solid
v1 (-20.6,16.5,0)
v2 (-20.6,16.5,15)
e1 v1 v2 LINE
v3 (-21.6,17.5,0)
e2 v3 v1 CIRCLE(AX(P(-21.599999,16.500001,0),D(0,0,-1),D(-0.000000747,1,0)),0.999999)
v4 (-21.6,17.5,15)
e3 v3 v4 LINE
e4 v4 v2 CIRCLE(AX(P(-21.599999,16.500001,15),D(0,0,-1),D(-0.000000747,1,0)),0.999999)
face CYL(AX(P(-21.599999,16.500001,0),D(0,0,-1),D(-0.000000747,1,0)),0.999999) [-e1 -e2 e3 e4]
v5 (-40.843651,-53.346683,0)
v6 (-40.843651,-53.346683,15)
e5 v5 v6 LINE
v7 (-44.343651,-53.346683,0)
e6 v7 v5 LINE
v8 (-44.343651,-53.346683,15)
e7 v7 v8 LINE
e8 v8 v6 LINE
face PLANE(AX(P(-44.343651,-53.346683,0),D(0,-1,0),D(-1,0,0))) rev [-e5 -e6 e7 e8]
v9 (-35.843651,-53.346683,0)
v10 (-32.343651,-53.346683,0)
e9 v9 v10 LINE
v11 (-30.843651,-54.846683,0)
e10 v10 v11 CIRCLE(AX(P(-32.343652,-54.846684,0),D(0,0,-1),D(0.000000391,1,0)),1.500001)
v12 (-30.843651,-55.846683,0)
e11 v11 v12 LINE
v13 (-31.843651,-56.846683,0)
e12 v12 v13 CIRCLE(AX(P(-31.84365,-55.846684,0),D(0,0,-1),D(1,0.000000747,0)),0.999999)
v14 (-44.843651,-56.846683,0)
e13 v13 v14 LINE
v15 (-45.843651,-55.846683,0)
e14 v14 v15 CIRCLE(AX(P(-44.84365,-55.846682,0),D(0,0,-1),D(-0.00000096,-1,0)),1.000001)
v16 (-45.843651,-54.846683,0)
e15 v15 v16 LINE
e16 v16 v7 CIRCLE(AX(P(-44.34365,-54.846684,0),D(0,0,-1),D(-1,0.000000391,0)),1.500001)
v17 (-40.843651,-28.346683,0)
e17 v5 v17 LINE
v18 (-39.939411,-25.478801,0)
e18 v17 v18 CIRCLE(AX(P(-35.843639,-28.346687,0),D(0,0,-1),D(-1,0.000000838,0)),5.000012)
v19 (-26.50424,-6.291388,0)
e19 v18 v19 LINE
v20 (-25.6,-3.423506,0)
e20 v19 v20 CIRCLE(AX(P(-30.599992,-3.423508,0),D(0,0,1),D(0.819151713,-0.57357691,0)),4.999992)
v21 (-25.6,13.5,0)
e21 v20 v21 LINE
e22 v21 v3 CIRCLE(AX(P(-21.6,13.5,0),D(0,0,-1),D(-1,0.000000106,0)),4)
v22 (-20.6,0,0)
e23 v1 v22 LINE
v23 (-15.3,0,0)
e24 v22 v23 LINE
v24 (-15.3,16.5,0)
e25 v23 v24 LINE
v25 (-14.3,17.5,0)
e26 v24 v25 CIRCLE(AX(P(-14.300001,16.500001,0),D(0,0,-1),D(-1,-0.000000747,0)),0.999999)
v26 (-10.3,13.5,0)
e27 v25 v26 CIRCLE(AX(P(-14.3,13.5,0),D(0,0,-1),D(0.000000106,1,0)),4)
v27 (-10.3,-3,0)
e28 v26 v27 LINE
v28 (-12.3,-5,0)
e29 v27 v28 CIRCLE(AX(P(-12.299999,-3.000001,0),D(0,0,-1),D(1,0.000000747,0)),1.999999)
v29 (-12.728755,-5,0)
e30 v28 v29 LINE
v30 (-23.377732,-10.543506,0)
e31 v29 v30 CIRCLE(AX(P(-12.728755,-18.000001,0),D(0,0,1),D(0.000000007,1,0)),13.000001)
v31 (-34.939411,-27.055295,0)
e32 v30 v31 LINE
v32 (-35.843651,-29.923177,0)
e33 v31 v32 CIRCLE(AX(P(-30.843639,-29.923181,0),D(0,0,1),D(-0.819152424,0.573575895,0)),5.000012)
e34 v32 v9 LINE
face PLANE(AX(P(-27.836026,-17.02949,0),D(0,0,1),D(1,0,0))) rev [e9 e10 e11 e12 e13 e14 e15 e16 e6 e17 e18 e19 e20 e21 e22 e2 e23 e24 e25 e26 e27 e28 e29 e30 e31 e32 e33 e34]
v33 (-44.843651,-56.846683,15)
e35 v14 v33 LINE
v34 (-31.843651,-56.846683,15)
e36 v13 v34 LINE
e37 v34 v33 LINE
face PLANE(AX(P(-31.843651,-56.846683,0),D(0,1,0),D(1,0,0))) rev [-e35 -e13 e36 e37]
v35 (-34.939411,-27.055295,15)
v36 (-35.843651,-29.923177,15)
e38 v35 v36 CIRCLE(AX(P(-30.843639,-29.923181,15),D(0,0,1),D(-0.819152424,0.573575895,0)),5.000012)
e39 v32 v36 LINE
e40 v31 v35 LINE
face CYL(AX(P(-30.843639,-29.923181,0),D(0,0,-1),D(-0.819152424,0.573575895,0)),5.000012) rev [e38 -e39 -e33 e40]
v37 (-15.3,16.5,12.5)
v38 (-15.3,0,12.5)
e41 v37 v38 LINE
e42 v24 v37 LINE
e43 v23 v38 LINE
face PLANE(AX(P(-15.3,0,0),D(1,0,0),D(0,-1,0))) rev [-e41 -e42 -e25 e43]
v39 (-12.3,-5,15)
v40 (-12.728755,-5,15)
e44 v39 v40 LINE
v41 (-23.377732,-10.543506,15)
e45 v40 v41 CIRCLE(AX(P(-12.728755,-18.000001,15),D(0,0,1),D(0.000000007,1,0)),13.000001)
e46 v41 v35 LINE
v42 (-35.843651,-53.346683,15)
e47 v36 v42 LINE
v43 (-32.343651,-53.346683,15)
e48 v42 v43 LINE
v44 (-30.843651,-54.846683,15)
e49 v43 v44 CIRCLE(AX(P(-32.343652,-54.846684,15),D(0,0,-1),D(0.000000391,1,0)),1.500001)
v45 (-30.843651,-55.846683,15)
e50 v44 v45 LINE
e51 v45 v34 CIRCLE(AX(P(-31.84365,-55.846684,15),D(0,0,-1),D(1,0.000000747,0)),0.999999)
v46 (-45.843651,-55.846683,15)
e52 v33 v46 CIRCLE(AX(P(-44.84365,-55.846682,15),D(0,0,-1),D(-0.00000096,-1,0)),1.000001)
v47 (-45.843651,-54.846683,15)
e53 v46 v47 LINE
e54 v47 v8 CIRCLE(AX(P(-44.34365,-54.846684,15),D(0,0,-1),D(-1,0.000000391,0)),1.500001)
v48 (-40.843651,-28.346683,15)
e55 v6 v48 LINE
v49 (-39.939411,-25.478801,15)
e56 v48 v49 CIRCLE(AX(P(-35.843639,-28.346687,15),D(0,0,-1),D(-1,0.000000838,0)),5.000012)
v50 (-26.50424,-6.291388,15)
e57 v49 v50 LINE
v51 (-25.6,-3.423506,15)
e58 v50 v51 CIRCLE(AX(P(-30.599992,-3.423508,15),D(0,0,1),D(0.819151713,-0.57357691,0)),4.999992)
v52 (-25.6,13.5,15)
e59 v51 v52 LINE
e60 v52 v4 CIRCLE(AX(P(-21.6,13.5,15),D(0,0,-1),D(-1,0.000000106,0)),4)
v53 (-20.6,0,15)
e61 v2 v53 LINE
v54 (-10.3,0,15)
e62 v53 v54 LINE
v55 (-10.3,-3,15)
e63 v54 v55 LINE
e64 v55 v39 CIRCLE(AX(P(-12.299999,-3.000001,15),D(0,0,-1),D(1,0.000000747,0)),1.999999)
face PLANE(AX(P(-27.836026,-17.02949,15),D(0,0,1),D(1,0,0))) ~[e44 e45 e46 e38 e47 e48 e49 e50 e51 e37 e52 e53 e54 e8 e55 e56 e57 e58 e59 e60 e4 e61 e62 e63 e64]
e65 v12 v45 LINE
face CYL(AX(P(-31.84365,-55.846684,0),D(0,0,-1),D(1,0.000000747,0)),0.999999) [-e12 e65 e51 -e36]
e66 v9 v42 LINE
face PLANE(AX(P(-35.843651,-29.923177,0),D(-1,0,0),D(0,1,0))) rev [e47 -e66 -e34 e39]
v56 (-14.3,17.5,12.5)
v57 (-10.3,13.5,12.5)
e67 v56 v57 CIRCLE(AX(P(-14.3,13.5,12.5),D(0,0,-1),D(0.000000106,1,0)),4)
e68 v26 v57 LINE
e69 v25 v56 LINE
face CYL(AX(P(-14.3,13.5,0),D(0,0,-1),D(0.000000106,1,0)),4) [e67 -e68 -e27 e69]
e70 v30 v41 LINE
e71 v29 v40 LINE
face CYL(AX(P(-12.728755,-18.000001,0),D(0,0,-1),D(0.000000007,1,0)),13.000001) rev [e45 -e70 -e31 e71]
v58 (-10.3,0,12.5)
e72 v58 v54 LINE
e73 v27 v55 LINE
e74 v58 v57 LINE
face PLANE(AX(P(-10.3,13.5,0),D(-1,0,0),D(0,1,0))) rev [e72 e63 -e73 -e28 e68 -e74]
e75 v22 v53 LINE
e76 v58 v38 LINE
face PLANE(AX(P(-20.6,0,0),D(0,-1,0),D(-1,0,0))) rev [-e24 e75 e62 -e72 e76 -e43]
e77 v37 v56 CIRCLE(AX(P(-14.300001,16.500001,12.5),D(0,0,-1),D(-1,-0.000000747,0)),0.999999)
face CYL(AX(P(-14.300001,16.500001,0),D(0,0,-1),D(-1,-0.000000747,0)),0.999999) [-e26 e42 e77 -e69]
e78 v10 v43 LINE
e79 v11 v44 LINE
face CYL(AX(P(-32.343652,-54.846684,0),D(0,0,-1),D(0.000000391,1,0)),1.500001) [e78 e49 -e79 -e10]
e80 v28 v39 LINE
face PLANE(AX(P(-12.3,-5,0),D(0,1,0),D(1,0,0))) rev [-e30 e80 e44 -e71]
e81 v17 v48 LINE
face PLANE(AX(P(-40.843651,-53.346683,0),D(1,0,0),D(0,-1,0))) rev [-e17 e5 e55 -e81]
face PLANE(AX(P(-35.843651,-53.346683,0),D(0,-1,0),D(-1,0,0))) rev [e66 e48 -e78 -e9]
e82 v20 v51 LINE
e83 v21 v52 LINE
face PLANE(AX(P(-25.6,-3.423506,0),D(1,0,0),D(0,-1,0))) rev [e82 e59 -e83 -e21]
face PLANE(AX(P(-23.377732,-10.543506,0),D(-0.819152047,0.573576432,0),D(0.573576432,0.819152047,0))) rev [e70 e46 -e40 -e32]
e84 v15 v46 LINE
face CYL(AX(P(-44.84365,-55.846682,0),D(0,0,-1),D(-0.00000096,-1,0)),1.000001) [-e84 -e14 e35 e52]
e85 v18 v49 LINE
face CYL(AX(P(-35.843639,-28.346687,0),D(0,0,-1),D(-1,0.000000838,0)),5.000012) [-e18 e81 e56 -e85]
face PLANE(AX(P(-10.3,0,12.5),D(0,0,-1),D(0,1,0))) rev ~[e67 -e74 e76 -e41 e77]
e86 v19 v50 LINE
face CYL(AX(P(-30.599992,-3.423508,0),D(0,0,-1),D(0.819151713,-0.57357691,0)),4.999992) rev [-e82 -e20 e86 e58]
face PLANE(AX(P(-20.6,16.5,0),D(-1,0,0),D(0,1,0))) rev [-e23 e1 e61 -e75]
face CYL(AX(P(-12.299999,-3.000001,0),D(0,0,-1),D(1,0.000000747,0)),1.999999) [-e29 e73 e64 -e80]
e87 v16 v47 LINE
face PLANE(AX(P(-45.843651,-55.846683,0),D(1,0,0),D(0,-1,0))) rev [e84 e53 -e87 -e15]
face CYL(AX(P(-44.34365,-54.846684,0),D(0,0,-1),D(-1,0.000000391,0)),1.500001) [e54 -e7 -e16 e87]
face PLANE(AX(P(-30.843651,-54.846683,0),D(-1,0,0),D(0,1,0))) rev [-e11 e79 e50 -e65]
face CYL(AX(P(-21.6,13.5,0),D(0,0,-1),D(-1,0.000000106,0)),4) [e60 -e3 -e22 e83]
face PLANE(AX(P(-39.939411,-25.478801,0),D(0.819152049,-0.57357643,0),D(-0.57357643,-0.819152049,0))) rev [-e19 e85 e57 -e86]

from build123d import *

# Parameters (mm, degrees)
F1_DEPTH = 15
F4_W     = 17.5
F4_H     = 2.5
F5_DEPTH = 5.7


with BuildPart() as f1:
    # F0 (on Top) → F1 (new body)
    with BuildSketch(Plane.XY):
        with BuildLine():
            Line((0, 16.5), (0, 0))
            Line((0, 0), (-5.3, 0))
            Line((-5.3, 0), (-5.3, 16.5))
            ThreePointArc((-5.3, 16.5), (-5.592893, 17.207107), (-6.3, 17.5))
            ThreePointArc((-6.3, 17.5), (-9.128427, 16.328427), (-10.3, 13.5))
            Line((-10.3, 13.5), (-10.3, -3))
            ThreePointArc((-10.3, -3), (-9.714214, -4.414214), (-8.3, -5))
            Line((-8.3, -5), (-7.871245, -5))
            ThreePointArc((-7.871245, -5), (-1.868513, -6.468859), (2.777732, -10.543506))
            Line((2.777732, -10.543506), (14.339411, -27.055295))
            ThreePointArc((14.339411, -27.055295), (15.012235, -28.419648), (15.243651, -29.923177))
            Line((15.243651, -29.923177), (15.243651, -53.346683))
            Line((15.243651, -53.346683), (11.743651, -53.346683))
            ThreePointArc((11.743651, -53.346683), (10.682991, -53.786023), (10.243651, -54.846683))
            Line((10.243651, -54.846683), (10.243651, -55.846683))
            ThreePointArc((10.243651, -55.846683), (10.536544, -56.55379), (11.243651, -56.846683))
            Line((11.243651, -56.846683), (24.243651, -56.846683))
            ThreePointArc((24.243651, -56.846683), (24.950757, -56.55379), (25.243651, -55.846683))
            Line((25.243651, -55.846683), (25.243651, -54.846683))
            ThreePointArc((25.243651, -54.846683), (24.804311, -53.786023), (23.743651, -53.346683))
            Line((23.743651, -53.346683), (20.243651, -53.346683))
            Line((20.243651, -53.346683), (20.243651, -28.346683))
            ThreePointArc((20.243651, -28.346683), (20.012235, -26.843154), (19.339411, -25.478801))
            Line((19.339411, -25.478801), (5.90424, -6.291388))
            ThreePointArc((5.90424, -6.291388), (5.231415, -4.927035), (5, -3.423506))
            Line((5, -3.423506), (5, 13.5))
            ThreePointArc((5, 13.5), (3.828427, 16.328427), (1, 17.5))
            ThreePointArc((1, 17.5), (0.292893, 17.207107), (0, 16.5))
        make_face()
    extrude(amount=F1_DEPTH)


with BuildPart() as f2_1:
    # F2: instance of F1
    add(f1.part.mirror(Plane(origin=(-10.3, 5.25, 7.5), x_dir=(0, -1, 0), z_dir=(-1, 0, 0))))

    # F4 (on face) → F5 (cut)
    with BuildSketch(Plane.YZ.offset(-10.3)):
        with Locations((8.75, 13.75)):
            Rectangle(F4_W, F4_H)
    extrude(amount=-F5_DEPTH, mode=Mode.SUBTRACT)


solid = f2_1.part
